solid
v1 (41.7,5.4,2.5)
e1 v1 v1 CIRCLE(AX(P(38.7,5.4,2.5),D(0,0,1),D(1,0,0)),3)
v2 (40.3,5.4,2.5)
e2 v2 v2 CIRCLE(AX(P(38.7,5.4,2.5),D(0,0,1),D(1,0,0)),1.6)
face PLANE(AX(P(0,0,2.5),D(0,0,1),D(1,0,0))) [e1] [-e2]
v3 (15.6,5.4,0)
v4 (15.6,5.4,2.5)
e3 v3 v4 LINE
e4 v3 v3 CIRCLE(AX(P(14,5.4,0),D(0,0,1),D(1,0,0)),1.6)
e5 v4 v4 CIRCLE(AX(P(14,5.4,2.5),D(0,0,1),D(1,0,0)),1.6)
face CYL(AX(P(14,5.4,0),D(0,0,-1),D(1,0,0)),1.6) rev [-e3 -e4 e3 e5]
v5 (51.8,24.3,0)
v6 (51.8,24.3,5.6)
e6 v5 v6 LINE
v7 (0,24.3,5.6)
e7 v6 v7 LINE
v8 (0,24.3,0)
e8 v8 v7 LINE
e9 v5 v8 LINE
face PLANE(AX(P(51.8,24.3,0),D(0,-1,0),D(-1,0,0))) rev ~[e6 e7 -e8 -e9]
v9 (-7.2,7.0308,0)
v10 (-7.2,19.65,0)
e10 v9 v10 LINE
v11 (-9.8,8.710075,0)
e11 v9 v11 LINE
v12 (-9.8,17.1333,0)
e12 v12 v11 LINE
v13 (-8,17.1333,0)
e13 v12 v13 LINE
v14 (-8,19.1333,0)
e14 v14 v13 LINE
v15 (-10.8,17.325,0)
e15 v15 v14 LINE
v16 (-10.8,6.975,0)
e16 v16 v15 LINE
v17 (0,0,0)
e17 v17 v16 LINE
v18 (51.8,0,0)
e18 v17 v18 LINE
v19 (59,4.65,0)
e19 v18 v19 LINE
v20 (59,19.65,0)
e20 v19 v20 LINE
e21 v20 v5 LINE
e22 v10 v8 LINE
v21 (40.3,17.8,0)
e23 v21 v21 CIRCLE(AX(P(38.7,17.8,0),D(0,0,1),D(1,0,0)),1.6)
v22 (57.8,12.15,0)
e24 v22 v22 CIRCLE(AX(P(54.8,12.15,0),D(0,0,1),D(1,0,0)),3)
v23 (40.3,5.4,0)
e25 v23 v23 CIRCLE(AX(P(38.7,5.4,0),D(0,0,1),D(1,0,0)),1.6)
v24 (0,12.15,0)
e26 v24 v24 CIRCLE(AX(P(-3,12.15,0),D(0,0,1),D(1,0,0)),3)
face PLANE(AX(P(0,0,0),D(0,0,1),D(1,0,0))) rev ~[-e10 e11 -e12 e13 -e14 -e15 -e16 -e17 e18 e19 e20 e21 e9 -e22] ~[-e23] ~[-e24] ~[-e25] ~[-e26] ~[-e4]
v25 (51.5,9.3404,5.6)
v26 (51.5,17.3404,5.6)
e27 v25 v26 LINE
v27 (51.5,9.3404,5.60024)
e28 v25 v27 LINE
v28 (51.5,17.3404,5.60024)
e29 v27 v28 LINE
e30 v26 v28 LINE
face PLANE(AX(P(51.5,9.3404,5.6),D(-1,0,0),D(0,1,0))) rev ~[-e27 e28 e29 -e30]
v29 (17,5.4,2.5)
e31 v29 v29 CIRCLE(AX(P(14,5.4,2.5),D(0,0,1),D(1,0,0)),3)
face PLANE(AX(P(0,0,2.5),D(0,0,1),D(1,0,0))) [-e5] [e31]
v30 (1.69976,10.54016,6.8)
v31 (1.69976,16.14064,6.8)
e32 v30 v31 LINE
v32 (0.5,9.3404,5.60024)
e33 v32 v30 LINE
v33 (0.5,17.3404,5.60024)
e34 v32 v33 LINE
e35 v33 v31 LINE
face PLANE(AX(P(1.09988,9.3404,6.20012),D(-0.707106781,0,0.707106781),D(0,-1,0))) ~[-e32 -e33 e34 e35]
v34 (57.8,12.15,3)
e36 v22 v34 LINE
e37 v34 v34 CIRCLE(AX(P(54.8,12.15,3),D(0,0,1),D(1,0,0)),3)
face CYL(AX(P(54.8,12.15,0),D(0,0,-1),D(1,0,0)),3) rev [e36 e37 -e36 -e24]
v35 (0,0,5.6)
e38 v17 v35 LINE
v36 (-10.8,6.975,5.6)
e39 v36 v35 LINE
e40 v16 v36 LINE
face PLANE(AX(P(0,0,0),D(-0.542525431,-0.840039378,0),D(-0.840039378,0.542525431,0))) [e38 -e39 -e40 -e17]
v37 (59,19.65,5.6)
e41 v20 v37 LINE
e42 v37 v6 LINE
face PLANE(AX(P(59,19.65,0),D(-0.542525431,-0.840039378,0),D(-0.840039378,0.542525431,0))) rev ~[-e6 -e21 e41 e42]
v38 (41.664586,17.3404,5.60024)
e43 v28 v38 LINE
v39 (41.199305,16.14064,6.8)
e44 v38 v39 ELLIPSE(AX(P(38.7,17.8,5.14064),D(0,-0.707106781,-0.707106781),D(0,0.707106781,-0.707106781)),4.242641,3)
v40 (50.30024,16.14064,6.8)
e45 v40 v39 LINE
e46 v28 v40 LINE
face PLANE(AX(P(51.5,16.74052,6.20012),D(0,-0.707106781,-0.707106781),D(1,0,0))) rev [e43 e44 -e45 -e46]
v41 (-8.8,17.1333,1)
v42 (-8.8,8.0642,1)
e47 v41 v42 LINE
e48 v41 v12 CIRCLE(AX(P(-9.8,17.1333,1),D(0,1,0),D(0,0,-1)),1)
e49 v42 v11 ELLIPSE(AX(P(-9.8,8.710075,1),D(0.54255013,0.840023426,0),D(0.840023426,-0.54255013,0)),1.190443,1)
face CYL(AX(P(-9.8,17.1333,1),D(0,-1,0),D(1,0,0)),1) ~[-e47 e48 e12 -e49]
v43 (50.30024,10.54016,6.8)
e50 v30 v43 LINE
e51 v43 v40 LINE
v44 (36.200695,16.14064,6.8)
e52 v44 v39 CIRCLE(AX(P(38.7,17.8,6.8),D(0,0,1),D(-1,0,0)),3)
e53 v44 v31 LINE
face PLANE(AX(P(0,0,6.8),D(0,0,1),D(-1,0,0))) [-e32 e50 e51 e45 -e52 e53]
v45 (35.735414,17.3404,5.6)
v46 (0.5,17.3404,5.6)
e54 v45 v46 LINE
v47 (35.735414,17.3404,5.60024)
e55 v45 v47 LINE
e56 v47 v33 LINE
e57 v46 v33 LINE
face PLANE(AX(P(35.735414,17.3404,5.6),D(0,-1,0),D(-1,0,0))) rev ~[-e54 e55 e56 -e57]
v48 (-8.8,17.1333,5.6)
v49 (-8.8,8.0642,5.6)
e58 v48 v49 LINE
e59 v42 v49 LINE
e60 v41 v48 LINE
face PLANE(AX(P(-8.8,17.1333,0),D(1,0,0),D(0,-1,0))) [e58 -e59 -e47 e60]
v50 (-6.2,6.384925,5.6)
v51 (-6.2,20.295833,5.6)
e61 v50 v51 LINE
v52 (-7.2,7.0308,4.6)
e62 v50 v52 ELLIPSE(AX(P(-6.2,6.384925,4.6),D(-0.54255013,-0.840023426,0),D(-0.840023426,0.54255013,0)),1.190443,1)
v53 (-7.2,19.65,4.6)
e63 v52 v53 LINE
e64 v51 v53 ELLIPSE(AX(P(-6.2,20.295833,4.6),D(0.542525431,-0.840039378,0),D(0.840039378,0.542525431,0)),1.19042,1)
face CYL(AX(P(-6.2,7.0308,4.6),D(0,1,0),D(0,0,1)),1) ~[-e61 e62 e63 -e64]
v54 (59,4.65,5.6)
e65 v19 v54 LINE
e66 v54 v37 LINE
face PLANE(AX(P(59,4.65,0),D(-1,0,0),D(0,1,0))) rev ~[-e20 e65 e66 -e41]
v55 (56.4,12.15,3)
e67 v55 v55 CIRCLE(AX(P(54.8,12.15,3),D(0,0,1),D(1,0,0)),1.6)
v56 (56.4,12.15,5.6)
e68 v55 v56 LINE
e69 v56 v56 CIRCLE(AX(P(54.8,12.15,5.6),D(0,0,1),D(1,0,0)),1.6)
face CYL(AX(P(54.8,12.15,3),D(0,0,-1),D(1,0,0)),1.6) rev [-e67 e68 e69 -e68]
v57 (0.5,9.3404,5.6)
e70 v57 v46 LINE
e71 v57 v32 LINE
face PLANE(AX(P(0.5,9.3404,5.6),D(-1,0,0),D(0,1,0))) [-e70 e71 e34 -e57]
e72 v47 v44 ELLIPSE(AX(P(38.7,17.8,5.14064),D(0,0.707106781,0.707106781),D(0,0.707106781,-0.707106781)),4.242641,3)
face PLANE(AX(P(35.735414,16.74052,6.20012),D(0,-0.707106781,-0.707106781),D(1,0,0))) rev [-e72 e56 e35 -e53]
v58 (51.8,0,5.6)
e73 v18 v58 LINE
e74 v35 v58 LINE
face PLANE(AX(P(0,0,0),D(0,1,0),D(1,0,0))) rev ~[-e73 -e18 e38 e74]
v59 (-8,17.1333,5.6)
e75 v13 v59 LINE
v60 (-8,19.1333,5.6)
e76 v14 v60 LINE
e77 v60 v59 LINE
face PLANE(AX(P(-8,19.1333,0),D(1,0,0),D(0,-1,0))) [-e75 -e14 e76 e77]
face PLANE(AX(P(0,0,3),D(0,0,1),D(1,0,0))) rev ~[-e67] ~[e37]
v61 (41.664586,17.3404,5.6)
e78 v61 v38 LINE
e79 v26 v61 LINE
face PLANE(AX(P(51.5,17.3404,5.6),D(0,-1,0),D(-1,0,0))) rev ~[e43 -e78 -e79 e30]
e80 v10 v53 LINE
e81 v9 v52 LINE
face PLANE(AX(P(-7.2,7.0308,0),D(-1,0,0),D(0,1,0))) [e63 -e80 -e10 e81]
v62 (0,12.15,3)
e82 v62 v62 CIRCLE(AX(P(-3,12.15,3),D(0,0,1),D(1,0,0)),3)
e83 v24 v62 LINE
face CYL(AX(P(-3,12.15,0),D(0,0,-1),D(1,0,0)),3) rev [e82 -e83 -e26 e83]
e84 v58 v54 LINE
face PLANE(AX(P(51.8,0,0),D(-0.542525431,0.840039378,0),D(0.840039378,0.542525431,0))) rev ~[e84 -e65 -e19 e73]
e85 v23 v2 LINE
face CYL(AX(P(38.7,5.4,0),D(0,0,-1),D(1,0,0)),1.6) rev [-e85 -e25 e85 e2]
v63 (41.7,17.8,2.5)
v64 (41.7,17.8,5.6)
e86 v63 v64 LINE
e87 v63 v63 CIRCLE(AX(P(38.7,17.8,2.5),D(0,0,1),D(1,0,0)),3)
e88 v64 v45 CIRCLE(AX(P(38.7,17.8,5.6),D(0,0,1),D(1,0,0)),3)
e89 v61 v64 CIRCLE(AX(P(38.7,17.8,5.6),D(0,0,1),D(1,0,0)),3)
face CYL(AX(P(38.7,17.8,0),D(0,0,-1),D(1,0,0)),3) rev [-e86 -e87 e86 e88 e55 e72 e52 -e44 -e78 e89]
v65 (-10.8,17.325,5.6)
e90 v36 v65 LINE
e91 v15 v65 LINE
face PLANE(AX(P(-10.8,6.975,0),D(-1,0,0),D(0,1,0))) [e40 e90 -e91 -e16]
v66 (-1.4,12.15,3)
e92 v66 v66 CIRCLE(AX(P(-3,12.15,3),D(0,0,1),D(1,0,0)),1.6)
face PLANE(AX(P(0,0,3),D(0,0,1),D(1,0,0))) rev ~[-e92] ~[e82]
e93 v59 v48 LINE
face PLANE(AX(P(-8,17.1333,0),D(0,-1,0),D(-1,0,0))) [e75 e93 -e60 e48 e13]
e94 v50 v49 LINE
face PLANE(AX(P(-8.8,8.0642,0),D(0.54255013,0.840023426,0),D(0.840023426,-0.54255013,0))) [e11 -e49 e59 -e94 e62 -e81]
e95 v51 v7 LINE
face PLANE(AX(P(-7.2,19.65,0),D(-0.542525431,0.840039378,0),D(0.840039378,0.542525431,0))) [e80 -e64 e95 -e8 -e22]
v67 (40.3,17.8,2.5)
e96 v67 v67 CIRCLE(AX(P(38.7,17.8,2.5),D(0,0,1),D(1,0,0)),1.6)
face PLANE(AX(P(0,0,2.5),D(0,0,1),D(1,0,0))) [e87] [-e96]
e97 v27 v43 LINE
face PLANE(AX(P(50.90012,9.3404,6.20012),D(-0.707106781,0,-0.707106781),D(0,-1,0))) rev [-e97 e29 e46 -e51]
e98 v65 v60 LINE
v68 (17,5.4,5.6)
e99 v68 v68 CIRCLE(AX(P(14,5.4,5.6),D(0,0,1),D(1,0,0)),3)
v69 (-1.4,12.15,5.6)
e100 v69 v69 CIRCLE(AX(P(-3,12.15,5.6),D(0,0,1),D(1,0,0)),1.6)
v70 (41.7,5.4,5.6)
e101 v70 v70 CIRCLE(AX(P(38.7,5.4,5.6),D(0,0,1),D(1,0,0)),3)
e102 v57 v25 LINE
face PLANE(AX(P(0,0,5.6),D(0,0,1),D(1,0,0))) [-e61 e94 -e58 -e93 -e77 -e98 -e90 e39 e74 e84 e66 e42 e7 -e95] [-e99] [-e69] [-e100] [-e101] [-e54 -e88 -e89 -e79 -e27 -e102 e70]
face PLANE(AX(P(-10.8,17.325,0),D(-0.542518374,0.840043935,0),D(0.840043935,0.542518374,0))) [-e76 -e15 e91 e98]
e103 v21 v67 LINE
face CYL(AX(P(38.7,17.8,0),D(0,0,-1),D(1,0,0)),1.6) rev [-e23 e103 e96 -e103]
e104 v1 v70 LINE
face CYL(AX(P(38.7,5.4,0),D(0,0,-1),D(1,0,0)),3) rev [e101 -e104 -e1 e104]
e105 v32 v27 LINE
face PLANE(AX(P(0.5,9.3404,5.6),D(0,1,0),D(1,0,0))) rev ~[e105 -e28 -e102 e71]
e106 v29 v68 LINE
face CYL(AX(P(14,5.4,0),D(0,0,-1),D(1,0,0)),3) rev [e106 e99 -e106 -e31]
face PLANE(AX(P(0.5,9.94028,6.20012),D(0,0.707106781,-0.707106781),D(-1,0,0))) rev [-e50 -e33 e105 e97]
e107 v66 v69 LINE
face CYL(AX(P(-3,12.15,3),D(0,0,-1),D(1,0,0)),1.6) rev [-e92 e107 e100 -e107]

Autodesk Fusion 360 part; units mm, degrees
sketch "Sketch1" plane through (0, 0, 0) normal (0, 0, 1) x (1, 0, 0)
  line L0 (0, 0) -> (51.8, 0)
  line L1 (51.8, 0) -> (51.8, 24.3)
  line L2 (51.8, 24.3) -> (0, 24.3)
  line L3 (0, 24.3) -> (0, 0)
  circle A0 centre (14, 5.4) radius 1.6
  circle A1 centre (38.7, 17.8) radius 1.6
  circle A2 centre (38.7, 5.4) radius 1.6
  line L4 (38.7, 17.8) -> (38.7, 5.4) construction
  line L5 (38.7, 5.4) -> (14, 5.4) construction
  line L6 (25.9, 24.3) -> (25.9, 0) construction
  circle A3 centre (38.7, 17.8) radius 3
  circle A4 centre (38.7, 5.4) radius 3
  circle A5 centre (14, 5.4) radius 3
  line L7 (51.8, 0) -> (59, 4.65)
  line L8 (59, 4.65) -> (59, 19.65)
  line L9 (59, 19.65) -> (51.8, 24.3)
  line L10 (0, 0) -> (-7.2, 4.65)
  line L11 (-7.2, 4.65) -> (-7.2, 19.65)
  line L12 (-7.2, 19.65) -> (0, 24.3)
  circle A6 centre (54.8, 12.15) radius 1.6
  circle A7 centre (-3, 12.15) radius 1.6
  line L13 (0, 12.15) -> (51.8, 12.15) construction
  circle A8 centre (-3, 12.15) radius 3
  circle A9 centre (54.8, 12.15) radius 3
  line L14 (-7.2, 4.65) -> (-10.8, 6.975)
  line L15 (-10.8, 6.975) -> (-10.8, 17.325)
  line L16 (-10.8, 17.325) -> (-8, 19.1333)
  line L17 (-8, 19.1333) -> (-8, 17.1333)
  line L18 (-8, 17.1333) -> (-8.8, 17.1333)
  line L19 (-8.8, 17.1333) -> (-8.8, 8.0642)
  line L20 (-8.8, 8.0642) -> (-7.2, 7.0308)
  dimension "d1" = 3.2
  dimension "d2" = 24.7
  dimension "d3" = 12.4
  dimension "d4" = 51.8
  dimension "d5" = 24.3
  dimension "d6" = 11.9
  dimension "d7" = 5.4
  dimension "d8" = 6
  dimension "d13" = 3.2
  dimension "d14" = 1.2
  dimension "d15" = 1.2
  dimension "d16" = 15
  dimension "d35" = 2
  dimension "d36" = 2
  dimension "d37" = 1.6
  dimension "d38" = 0.8
  dimension "d39" = 2
extrude "Extrude1" add sketch "Sketch1" along normal blind 5.6 contours L0 L1 L2 L3 | L3 L10 L11 L12 | L1 L7 L8 L9 | L11 L14 L15 L16 L17 L18 L19 L20
extrude "Extrude2" add sketch "Sketch1" along normal blind 2.5 contours A3 | A4 | A5
extrude "Extrude3" add sketch "Sketch1" along normal blind 2.6 from surface at 3 contours A8 | A9
sketch "Sketch2" plane through (0, 0, 5.6) normal (0, 0, 1) x (-1, 0, 0)
  circle A0 centre (-14, -5.4) radius 3
  circle A1 centre (-38.7, -17.8) radius 3
  circle A2 centre (-38.7, -5.4) radius 3
  line L0 (0, 0) -> (-51.8, 0)
  line L1 (-51.8, -24.3) -> (0, -24.3)
  line L2 (0, -24.3) -> (7.2, -19.65)
  line L3 (7.2, -19.65) -> (7.2, -7.0308)
  line L4 (10.8, -6.975) -> (0, 0)
  line L5 (-59.2, -13.3404) -> (7.2, -13.3404) construction
  line L6 (-59.2, -17.3404) -> (7.2, -17.3404)
  line L7 (7.2, -9.3404) -> (-59.2, -9.3404)
  line L8 (-51.5, -9.3404) -> (-51.5, -17.3404)
  line L9 (-0.5, -9.3404) -> (-0.5, -17.3404)
  line L10 (7.2, -7.0308) -> (8.8, -8.0642)
  line L11 (8.8, -8.0642) -> (8.8, -17.1333)
  line L12 (8.8, -17.1333) -> (8, -17.1333)
  line L13 (8, -17.1333) -> (8, -19.1333)
  line L14 (8, -19.1333) -> (10.8, -17.325)
  line L15 (10.8, -17.325) -> (10.8, -6.975)
  line L16 (-51.8, 0) -> (-59, -4.65)
  line L17 (-59, -4.65) -> (-59, -19.65)
  line L18 (-59, -19.65) -> (-51.8, -24.3)
  circle A3 centre (-54.8, -12.15) radius 1.6
  circle A4 centre (3, -12.15) radius 1.6
  dimension "d20" = 8
extrude "Extrude4" add sketch "Sketch2" along normal blind 1.2 contours A1 L6 L7 L8 L9
chamfer "Chamfer1" distance 1.2 angle 45 5 edges at (18.1177, 17.3404, 6.8) (26, 9.3404, 6.8) (46.5823, 17.3404, 6.8) (51.5, 13.3404, 6.8) (0.5, 13.3404, 6.8)
fillet "Fillet1" radius 1 2 edges at (-8.8, 12.5988, 0) (-7.2, 13.3404, 5.6)
equation "d7 = 4.2 mm + 1.2 mm"
equation "d15 = d14"
equation "d36 = d35"
equation "d39 = d35"
